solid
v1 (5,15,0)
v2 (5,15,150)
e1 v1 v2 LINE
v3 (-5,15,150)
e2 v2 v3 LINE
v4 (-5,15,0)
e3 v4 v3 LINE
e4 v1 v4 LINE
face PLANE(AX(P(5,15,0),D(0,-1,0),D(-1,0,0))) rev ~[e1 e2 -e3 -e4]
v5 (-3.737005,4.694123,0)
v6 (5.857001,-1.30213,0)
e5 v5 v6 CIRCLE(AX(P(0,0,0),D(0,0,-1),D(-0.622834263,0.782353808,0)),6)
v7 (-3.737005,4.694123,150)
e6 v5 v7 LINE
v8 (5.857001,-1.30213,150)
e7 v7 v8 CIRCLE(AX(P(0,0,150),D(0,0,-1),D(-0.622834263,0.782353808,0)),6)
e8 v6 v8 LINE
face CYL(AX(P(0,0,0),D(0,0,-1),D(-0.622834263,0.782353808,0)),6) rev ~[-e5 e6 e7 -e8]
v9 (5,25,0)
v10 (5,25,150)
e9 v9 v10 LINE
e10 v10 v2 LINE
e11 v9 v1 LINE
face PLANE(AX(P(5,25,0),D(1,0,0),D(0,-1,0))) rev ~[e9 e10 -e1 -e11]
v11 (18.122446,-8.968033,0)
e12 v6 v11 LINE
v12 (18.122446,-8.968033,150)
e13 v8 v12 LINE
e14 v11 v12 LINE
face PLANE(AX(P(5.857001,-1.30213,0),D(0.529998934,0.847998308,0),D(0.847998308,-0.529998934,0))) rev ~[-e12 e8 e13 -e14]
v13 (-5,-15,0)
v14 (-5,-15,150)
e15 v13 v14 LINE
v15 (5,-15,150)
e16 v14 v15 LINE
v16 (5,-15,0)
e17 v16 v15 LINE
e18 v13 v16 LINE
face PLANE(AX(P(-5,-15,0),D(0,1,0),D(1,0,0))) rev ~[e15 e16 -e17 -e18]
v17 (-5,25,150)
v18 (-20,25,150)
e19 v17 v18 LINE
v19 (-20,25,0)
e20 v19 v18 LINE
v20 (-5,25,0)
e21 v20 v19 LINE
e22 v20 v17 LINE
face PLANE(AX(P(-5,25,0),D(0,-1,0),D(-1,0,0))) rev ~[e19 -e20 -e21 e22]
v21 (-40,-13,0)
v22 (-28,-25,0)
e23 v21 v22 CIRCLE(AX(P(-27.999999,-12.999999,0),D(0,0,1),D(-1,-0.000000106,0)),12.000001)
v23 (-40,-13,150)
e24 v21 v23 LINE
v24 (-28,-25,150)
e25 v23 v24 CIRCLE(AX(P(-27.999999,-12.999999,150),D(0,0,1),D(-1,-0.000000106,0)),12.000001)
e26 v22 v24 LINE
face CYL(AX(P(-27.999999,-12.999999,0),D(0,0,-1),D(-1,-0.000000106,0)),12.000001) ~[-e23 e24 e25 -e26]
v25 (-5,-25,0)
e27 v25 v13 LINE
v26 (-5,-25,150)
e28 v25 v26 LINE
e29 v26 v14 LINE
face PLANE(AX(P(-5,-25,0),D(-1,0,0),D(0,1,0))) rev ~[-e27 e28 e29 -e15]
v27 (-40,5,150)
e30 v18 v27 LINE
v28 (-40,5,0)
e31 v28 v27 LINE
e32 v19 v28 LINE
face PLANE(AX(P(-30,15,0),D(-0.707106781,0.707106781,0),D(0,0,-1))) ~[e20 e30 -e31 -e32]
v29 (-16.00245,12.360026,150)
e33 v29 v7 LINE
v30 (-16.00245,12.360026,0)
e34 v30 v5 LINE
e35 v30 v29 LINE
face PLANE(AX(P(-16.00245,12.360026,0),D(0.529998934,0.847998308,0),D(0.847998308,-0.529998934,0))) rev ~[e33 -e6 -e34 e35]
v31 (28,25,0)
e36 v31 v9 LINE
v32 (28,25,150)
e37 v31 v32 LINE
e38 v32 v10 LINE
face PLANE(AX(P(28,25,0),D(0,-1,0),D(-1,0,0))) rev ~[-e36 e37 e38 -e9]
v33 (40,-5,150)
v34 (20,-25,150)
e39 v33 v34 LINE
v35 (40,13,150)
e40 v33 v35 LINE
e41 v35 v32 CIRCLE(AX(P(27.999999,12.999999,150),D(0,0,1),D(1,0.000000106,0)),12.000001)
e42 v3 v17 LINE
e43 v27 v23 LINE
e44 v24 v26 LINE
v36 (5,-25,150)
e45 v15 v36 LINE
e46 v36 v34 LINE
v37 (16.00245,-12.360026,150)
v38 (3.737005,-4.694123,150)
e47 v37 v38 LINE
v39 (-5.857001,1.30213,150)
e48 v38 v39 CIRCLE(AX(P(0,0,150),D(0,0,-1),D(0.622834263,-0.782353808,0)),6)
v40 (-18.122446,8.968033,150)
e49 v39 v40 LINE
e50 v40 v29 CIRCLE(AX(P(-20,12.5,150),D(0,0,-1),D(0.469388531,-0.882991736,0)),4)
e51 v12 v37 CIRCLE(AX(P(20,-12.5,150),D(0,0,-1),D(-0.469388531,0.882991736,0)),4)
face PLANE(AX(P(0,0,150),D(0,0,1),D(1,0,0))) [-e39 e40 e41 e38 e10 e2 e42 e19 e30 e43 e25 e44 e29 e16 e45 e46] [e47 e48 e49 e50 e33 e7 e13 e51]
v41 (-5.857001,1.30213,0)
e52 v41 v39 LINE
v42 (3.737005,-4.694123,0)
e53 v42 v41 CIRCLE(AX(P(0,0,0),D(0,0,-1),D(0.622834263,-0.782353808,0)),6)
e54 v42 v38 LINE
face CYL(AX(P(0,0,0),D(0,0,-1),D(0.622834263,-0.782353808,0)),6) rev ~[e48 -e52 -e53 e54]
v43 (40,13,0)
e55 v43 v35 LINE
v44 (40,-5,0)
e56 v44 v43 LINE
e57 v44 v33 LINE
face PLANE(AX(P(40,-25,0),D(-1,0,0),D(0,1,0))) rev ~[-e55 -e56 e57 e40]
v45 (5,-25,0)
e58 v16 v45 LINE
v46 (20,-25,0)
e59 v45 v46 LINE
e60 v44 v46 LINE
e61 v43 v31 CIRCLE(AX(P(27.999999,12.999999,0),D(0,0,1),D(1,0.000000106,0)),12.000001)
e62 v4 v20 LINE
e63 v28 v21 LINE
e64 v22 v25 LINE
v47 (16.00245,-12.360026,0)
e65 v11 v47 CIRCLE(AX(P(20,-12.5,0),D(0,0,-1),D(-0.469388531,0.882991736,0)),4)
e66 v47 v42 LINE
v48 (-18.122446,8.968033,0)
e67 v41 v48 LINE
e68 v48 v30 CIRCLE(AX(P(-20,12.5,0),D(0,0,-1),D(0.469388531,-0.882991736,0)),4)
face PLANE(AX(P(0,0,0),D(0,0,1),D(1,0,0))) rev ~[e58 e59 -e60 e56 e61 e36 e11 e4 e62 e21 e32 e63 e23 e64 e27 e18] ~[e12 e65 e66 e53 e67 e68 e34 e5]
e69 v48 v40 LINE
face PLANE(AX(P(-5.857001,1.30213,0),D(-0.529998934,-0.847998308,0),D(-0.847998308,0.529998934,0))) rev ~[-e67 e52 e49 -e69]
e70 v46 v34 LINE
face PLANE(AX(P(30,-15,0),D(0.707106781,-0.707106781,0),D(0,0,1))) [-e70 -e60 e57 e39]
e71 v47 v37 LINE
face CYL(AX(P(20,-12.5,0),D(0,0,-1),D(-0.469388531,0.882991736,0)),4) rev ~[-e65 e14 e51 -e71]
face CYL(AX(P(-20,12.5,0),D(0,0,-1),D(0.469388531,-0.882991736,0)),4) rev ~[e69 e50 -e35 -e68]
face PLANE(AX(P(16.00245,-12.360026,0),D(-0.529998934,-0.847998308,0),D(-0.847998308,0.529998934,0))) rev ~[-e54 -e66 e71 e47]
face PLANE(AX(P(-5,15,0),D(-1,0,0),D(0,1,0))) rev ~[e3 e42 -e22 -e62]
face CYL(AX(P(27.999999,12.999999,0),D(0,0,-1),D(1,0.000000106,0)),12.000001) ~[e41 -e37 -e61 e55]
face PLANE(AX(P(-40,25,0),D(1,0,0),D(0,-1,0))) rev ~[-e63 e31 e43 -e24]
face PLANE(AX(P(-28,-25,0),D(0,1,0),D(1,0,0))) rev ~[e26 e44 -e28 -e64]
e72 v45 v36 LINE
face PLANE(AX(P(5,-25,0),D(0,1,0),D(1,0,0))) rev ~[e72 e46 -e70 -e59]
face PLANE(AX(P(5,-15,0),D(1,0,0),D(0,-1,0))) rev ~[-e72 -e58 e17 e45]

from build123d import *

# Parameters (mm, degrees)
F1_DEPTH = 150
F2_SIZE  = 20


with BuildPart() as f1:
    # F0 (on Top) → F1 (new body)
    with BuildSketch(Plane.XY):
        with BuildLine():
            ThreePointArc((40, 13), (36.485281, 21.485281), (28, 25))
            Line((28, 25), (5, 25))
            Line((5, 25), (5, 15))
            Line((5, 15), (-5, 15))
            Line((-5, 15), (-5, 25))
            Line((-5, 25), (-40, 25))
            Line((-40, 25), (-40, -13))
            ThreePointArc((-40, -13), (-36.485281, -21.485281), (-28, -25))
            Line((-28, -25), (-5, -25))
            Line((-5, -25), (-5, -15))
            Line((-5, -15), (5, -15))
            Line((5, -15), (5, -25))
            Line((5, -25), (40, -25))
            Line((40, -25), (40, 13))
        make_face()
        with BuildLine():
            ThreePointArc((-18.122446, 8.968033), (-23.391993, 14.619996), (-16.00245, 12.360026))
            Line((-16.00245, 12.360026), (-3.737005, 4.694123))
            ThreePointArc((-3.737005, 4.694123), (3.179994, 5.08799), (5.857001, -1.30213))
            Line((5.857001, -1.30213), (18.122446, -8.968033))
            ThreePointArc((18.122446, -8.968033), (23.391993, -14.619996), (16.00245, -12.360026))
            Line((16.00245, -12.360026), (3.737005, -4.694123))
            ThreePointArc((3.737005, -4.694123), (-3.179994, -5.08799), (-5.857001, 1.30213))
            Line((-5.857001, 1.30213), (-18.122446, 8.968033))
        make_face(mode=Mode.SUBTRACT)
    extrude(amount=F1_DEPTH)

    # F2
    f2_edges = [f1.edges().sort_by_distance(p)[0] for p in [
        (-40, 25, 75),
        (40, -25, 75),
    ]]
    chamfer(f2_edges, length=F2_SIZE)


solid = f1.part
